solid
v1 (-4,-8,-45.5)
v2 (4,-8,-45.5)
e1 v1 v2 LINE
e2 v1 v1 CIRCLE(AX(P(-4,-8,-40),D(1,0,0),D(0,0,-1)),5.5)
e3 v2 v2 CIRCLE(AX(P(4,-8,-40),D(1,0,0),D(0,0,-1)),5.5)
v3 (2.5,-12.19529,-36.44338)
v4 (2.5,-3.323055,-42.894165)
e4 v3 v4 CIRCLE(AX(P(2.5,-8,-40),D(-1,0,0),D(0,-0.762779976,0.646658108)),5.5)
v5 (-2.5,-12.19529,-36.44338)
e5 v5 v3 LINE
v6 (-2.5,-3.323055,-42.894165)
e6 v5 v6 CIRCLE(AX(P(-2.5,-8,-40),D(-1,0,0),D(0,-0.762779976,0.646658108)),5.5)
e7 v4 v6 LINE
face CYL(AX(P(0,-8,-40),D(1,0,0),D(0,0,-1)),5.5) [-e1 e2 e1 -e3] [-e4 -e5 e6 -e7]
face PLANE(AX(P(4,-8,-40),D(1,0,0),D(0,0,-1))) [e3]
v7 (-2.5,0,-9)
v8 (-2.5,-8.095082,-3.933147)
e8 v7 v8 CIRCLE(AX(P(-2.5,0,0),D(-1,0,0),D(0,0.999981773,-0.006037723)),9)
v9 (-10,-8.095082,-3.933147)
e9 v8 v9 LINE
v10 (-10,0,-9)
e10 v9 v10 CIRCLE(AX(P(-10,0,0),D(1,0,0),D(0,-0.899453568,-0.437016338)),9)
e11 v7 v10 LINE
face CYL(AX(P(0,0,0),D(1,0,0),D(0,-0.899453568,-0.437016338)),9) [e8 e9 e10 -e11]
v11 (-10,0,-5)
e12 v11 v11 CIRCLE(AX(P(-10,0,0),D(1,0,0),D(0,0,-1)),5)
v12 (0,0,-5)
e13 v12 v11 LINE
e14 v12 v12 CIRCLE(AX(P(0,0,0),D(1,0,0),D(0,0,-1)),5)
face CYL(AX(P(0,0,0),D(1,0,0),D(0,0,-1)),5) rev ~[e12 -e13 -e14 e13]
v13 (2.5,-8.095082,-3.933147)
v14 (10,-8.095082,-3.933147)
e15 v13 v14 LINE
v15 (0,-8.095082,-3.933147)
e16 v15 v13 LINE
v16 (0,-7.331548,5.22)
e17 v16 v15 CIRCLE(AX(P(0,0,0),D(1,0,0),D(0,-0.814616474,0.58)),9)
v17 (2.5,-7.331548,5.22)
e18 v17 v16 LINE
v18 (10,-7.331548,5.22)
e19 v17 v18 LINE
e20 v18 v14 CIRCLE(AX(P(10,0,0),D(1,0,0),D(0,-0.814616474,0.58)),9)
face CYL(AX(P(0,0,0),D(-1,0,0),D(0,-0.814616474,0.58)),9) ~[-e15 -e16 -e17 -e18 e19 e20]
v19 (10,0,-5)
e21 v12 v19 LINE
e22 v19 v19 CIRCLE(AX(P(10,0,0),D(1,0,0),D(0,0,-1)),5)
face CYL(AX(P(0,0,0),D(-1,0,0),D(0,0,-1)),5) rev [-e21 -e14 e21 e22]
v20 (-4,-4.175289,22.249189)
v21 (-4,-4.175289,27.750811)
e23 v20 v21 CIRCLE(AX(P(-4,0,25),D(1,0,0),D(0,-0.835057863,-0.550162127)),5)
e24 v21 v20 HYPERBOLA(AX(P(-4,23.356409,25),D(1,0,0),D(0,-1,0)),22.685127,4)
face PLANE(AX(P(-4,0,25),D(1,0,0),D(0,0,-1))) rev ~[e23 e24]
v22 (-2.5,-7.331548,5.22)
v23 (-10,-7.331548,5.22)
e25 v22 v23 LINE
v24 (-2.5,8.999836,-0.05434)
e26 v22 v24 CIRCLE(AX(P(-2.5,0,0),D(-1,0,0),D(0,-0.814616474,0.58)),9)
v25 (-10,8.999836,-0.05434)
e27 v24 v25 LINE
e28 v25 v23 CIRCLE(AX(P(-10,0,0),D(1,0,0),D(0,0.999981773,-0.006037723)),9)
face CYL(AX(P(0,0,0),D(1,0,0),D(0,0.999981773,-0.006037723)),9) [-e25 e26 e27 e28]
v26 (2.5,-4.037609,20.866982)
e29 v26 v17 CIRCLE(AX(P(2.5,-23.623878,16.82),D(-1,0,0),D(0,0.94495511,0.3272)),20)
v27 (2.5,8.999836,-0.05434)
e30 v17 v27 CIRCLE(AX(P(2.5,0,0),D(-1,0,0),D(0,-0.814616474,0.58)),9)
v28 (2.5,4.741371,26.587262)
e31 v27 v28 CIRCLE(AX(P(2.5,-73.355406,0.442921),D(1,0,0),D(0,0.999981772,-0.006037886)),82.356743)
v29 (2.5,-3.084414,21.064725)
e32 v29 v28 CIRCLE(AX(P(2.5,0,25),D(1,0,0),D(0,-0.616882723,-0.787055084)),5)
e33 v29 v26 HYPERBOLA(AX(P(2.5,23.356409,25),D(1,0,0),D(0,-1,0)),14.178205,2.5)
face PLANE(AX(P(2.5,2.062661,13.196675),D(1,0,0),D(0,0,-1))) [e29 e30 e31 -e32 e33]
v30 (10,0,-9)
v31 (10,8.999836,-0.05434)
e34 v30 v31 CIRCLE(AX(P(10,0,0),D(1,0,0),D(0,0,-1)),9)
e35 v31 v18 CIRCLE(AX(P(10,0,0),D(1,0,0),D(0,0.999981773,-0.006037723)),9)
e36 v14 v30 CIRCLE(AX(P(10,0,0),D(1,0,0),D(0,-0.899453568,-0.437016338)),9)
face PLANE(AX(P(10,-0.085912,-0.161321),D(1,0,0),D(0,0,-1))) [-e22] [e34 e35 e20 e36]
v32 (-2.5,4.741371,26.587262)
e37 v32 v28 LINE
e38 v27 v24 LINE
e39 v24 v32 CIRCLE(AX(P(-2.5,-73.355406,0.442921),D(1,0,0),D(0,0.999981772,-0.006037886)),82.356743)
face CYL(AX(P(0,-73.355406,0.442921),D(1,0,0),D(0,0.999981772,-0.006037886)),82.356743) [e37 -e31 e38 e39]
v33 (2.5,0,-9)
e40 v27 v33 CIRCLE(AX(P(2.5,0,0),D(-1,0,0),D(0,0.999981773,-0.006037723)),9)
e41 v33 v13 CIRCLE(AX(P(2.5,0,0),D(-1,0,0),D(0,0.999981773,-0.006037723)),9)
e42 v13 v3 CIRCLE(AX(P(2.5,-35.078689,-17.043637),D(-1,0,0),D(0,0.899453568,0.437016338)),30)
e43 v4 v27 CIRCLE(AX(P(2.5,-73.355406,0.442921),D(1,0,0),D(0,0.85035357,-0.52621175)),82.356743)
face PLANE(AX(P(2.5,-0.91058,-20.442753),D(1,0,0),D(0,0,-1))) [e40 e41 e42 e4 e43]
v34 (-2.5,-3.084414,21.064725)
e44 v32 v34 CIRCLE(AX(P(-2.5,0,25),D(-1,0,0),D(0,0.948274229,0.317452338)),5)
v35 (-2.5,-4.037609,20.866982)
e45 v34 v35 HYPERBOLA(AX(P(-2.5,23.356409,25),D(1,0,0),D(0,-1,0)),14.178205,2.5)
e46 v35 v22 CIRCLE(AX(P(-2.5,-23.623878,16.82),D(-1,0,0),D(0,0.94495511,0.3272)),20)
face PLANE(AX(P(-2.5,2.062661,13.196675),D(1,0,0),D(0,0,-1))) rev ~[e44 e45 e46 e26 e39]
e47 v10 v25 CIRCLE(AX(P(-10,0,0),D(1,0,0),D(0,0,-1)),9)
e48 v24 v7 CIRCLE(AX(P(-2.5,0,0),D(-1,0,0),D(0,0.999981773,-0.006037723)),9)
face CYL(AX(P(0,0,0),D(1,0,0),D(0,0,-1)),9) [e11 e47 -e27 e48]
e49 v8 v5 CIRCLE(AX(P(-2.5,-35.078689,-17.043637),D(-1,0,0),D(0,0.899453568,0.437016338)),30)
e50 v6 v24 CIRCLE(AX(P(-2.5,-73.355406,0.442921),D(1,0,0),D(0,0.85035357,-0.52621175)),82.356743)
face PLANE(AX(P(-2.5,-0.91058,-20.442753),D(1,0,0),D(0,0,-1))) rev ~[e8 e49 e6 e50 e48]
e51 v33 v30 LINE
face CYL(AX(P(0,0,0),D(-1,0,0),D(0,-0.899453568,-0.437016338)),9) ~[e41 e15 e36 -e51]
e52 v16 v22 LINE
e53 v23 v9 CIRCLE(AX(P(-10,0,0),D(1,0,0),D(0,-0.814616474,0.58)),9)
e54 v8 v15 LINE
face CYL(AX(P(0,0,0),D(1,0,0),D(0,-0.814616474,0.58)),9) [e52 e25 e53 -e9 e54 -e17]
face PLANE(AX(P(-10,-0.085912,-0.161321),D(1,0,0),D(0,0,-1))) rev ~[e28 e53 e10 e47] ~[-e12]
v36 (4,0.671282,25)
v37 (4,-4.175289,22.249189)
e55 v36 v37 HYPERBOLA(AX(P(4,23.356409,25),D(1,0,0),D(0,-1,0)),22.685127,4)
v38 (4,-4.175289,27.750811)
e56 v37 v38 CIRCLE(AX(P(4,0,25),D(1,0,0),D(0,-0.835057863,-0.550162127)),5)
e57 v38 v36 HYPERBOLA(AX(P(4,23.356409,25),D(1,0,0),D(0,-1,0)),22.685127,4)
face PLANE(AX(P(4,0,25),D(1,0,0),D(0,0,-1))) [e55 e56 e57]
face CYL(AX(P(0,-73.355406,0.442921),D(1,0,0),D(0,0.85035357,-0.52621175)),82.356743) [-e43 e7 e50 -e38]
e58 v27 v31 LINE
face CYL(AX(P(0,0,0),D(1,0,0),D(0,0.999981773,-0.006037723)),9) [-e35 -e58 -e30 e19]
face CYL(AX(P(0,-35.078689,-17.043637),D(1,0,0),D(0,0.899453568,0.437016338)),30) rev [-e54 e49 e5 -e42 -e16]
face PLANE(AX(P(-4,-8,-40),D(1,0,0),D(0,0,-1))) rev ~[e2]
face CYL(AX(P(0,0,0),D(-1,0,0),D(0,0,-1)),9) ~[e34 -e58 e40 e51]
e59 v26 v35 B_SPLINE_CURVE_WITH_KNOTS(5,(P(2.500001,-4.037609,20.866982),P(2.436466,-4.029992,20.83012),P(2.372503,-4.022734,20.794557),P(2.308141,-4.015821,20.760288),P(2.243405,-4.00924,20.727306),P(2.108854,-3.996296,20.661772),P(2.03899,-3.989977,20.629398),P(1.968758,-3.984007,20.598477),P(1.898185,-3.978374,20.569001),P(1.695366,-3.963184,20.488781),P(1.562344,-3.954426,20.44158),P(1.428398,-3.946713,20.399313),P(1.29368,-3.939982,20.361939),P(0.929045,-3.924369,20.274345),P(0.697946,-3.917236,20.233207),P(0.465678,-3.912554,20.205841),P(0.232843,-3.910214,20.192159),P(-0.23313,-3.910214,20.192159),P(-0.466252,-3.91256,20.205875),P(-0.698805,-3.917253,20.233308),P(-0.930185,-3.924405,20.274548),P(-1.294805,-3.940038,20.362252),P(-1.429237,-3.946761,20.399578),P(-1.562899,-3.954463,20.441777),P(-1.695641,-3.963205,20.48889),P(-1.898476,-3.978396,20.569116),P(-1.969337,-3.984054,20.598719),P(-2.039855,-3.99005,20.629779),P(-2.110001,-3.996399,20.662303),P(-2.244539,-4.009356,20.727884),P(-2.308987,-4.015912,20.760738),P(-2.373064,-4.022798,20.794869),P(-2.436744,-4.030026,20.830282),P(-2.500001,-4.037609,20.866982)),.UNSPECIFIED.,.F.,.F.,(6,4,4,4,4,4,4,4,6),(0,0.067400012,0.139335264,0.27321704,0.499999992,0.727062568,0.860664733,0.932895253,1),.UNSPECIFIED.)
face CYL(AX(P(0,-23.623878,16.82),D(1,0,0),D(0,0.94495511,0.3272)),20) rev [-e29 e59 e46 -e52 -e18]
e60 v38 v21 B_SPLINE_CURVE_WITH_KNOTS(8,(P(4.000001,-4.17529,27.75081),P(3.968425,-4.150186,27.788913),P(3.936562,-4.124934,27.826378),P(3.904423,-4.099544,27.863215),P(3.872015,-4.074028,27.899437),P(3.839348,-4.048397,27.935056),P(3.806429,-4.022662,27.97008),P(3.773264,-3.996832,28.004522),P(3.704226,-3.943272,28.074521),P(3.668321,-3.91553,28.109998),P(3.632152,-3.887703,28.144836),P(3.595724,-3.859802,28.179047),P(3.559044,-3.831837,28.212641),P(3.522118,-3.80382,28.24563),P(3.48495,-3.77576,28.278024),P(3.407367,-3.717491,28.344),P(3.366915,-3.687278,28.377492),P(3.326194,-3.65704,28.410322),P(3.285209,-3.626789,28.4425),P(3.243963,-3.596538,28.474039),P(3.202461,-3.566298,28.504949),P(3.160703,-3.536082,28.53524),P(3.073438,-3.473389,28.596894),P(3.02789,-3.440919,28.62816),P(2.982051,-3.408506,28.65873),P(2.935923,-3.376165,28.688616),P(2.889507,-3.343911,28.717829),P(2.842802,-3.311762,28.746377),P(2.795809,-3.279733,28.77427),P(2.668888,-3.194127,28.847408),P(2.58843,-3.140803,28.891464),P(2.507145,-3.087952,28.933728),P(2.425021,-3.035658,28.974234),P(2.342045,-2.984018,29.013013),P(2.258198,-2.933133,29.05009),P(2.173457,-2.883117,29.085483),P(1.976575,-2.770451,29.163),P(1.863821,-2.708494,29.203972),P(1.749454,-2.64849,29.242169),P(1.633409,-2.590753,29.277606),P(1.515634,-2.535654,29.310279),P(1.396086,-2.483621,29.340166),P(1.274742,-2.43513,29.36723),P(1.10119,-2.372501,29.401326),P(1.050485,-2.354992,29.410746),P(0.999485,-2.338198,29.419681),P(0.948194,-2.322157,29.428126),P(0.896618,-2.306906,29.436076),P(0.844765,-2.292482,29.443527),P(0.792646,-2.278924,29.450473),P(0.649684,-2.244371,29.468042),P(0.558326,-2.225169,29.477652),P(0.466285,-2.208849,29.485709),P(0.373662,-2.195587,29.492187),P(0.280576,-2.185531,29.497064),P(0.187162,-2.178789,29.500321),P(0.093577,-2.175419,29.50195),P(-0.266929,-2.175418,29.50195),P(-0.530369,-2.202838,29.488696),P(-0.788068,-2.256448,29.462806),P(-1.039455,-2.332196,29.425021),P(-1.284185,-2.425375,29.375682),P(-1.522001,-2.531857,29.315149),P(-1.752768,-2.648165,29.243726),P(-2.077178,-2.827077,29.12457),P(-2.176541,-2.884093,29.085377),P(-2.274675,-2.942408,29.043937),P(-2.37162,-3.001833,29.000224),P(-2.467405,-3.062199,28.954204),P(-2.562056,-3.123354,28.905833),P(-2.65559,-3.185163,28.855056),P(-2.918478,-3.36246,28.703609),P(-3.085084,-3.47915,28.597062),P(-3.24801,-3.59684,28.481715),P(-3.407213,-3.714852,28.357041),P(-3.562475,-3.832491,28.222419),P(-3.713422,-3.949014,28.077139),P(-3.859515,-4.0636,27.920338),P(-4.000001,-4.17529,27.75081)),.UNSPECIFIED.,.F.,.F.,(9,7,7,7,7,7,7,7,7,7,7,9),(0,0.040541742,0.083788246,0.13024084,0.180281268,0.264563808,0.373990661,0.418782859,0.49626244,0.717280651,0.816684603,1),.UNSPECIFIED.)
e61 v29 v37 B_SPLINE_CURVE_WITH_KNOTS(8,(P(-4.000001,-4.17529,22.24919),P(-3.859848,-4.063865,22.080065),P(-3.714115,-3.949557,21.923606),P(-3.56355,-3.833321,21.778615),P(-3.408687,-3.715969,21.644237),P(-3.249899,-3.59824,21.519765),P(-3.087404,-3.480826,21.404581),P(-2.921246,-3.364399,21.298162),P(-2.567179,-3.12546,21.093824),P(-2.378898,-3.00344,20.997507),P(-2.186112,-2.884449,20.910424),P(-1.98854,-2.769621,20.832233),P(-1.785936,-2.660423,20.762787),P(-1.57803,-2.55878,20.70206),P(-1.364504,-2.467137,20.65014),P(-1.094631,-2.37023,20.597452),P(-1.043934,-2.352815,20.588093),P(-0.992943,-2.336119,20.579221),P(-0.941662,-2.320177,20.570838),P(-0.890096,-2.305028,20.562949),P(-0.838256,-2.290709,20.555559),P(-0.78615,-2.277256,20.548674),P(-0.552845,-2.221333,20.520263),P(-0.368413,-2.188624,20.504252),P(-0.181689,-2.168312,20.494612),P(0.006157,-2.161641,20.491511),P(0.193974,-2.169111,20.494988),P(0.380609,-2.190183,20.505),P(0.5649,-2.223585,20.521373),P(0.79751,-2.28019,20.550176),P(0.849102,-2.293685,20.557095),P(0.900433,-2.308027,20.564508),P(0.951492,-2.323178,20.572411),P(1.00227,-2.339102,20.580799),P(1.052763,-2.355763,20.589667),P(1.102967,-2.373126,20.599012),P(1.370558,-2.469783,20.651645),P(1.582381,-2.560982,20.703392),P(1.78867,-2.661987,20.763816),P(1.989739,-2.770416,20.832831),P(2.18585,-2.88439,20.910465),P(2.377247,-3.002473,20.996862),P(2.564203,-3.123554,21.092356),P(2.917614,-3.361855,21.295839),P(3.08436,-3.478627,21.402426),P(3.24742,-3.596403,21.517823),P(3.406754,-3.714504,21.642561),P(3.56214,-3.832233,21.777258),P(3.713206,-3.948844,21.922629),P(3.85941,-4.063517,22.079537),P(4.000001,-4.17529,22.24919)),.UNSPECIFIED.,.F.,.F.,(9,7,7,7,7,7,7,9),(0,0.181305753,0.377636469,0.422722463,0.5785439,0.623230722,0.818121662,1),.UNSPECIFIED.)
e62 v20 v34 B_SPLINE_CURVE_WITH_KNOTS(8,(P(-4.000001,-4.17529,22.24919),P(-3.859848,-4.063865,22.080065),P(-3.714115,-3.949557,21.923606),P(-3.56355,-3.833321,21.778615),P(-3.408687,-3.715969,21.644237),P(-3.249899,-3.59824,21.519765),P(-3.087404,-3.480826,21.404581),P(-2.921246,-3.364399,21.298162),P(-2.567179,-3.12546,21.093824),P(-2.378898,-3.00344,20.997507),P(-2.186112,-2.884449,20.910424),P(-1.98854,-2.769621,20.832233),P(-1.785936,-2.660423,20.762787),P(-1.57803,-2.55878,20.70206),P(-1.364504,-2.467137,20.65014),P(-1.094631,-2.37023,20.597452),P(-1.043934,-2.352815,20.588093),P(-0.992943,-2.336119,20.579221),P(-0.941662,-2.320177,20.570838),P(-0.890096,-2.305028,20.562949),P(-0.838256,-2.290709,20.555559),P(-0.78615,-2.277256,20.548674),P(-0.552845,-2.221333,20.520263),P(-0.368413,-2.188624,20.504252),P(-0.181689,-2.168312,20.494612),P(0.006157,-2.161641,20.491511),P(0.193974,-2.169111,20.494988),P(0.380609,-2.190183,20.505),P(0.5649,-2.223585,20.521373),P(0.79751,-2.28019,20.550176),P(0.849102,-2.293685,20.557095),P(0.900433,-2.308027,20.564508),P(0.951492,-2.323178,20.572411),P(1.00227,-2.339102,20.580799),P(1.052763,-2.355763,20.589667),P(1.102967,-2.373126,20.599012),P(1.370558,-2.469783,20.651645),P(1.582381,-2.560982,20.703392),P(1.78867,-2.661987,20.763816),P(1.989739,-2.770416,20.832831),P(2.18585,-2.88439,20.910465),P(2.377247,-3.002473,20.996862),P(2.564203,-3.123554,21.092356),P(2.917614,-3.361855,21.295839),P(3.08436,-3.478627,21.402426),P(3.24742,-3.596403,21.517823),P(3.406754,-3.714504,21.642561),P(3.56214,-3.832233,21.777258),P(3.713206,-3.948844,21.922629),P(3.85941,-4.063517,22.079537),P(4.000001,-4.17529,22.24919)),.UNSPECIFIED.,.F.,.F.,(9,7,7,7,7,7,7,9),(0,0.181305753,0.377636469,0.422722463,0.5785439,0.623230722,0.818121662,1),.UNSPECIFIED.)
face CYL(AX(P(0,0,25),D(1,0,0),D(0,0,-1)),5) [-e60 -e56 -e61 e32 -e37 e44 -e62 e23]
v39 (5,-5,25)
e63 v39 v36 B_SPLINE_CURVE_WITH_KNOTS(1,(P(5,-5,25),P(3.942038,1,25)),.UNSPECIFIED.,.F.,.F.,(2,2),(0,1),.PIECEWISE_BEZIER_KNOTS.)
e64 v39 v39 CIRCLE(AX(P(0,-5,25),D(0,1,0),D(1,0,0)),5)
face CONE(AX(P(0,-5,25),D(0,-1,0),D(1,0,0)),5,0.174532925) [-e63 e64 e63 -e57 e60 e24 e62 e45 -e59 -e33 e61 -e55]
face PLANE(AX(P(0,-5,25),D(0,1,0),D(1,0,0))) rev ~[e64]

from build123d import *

# Parameters (mm, degrees)
SKETCH1_R             = 5
BOSS_EXTRUDE1_DEPTH   = 4
SKETCH1_R_2           = 5.5
BOSS_EXTRUDE1_2_DEPTH = 4
BOSS_EXTRUDE2_DEPTH   = 2.5
SKETCH1_5_R           = 5
BOSS_EXTRUDE3_DEPTH   = 10
SKETCH2_R             = 5
BOSS_EXTRUDE4_DEPTH   = 6
BOSS_EXTRUDE4_TAPER   = 10


with BuildPart() as part:
    # Sketch1 → Boss-Extrude1 (new, symmetric)
    with BuildSketch(Plane(origin=(0, 0, 0), x_dir=(0, 0, -1), z_dir=(1, 0, 0))):
        with Locations((-25, 0)):
            Circle(SKETCH1_R)
    extrude(amount=BOSS_EXTRUDE1_DEPTH, both=True)



with BuildPart() as body_2:
    # Sketch1 → Boss-Extrude1 2 (new, symmetric)
    with BuildSketch(Plane(origin=(0, 0, 0), x_dir=(0, 0, -1), z_dir=(1, 0, 0))):
        with Locations((40, -8)):
            Circle(SKETCH1_R_2)
    extrude(amount=BOSS_EXTRUDE1_2_DEPTH, both=True)


with BuildPart() as part_1:
    add(part.part)

    add(body_2.part)  # Boss-Extrude2 merges body 2
    # Sketch1<4> → Boss-Extrude2 (add, symmetric)
    with BuildSketch(Plane(origin=(0, 0, 0), x_dir=(0, 0, -1), z_dir=(1, 0, 0))):
        with BuildLine():
            ThreePointArc((-23.364, -4.72477555), (-13.975777786, -3.827150749), (-5.22, -7.331548268))
            ThreePointArc((-5.22, -7.331548268), (-8.564434584, 2.765946539), (0.054339506, 8.999835955))
            ThreePointArc((0.054339506, 8.999835955), (-13.442029091, 7.968983561), (-26.587261688, 4.741371145))
            ThreePointArc((-26.587261688, 4.741371145), (-20.266863918, 1.611652205), (-23.364, -4.72477555))
        make_face()
        with BuildLine():
            ThreePointArc((0.054339506, 8.999835955), (8.776905386, 1.99146475), (3.93314704, -8.09508211))
            ThreePointArc((3.93314704, -8.09508211), (20.797515441, -5.314475766), (36.443380407, -12.195289867))
            ThreePointArc((36.443380407, -12.195289867), (35.551534206, -4.76562957), (42.894164623, -3.323055363))
            ThreePointArc((42.894164623, -3.323055363), (22.323850565, 5.791970771), (0.054339506, 8.999835955))
        make_face()
    extrude(amount=BOSS_EXTRUDE2_DEPTH, both=True)

    # Sketch1<5> → Boss-Extrude3 (add, symmetric)
    with BuildSketch(Plane(origin=(0, 0, 0), x_dir=(0, 0, -1), z_dir=(1, 0, 0))):
        with BuildLine():
            ThreePointArc((0.054339506, 8.999835955), (-8.564434584, 2.765946539), (-5.22, -7.331548268))
            ThreePointArc((-5.22, -7.331548268), (-0.748160155, -8.968849223), (3.93314704, -8.09508211))
            ThreePointArc((3.93314704, -8.09508211), (7.628837505, -4.775022337), (9, 0))
            ThreePointArc((9, 0), (6.383144035, 6.344720027), (0.054339506, 8.999835955))
        make_face()
        Circle(SKETCH1_5_R, mode=Mode.SUBTRACT)
    extrude(amount=BOSS_EXTRUDE3_DEPTH, both=True)

    # Sketch2 → Boss-Extrude4 (add)
    with BuildSketch(Plane(origin=(0, -5, 0), x_dir=(1, 0, 0), z_dir=(0, 1, 0))):
        with Locations((0, -25)):
            Circle(SKETCH2_R)
    extrude(amount=BOSS_EXTRUDE4_DEPTH, taper=BOSS_EXTRUDE4_TAPER)


solid = part_1.part
